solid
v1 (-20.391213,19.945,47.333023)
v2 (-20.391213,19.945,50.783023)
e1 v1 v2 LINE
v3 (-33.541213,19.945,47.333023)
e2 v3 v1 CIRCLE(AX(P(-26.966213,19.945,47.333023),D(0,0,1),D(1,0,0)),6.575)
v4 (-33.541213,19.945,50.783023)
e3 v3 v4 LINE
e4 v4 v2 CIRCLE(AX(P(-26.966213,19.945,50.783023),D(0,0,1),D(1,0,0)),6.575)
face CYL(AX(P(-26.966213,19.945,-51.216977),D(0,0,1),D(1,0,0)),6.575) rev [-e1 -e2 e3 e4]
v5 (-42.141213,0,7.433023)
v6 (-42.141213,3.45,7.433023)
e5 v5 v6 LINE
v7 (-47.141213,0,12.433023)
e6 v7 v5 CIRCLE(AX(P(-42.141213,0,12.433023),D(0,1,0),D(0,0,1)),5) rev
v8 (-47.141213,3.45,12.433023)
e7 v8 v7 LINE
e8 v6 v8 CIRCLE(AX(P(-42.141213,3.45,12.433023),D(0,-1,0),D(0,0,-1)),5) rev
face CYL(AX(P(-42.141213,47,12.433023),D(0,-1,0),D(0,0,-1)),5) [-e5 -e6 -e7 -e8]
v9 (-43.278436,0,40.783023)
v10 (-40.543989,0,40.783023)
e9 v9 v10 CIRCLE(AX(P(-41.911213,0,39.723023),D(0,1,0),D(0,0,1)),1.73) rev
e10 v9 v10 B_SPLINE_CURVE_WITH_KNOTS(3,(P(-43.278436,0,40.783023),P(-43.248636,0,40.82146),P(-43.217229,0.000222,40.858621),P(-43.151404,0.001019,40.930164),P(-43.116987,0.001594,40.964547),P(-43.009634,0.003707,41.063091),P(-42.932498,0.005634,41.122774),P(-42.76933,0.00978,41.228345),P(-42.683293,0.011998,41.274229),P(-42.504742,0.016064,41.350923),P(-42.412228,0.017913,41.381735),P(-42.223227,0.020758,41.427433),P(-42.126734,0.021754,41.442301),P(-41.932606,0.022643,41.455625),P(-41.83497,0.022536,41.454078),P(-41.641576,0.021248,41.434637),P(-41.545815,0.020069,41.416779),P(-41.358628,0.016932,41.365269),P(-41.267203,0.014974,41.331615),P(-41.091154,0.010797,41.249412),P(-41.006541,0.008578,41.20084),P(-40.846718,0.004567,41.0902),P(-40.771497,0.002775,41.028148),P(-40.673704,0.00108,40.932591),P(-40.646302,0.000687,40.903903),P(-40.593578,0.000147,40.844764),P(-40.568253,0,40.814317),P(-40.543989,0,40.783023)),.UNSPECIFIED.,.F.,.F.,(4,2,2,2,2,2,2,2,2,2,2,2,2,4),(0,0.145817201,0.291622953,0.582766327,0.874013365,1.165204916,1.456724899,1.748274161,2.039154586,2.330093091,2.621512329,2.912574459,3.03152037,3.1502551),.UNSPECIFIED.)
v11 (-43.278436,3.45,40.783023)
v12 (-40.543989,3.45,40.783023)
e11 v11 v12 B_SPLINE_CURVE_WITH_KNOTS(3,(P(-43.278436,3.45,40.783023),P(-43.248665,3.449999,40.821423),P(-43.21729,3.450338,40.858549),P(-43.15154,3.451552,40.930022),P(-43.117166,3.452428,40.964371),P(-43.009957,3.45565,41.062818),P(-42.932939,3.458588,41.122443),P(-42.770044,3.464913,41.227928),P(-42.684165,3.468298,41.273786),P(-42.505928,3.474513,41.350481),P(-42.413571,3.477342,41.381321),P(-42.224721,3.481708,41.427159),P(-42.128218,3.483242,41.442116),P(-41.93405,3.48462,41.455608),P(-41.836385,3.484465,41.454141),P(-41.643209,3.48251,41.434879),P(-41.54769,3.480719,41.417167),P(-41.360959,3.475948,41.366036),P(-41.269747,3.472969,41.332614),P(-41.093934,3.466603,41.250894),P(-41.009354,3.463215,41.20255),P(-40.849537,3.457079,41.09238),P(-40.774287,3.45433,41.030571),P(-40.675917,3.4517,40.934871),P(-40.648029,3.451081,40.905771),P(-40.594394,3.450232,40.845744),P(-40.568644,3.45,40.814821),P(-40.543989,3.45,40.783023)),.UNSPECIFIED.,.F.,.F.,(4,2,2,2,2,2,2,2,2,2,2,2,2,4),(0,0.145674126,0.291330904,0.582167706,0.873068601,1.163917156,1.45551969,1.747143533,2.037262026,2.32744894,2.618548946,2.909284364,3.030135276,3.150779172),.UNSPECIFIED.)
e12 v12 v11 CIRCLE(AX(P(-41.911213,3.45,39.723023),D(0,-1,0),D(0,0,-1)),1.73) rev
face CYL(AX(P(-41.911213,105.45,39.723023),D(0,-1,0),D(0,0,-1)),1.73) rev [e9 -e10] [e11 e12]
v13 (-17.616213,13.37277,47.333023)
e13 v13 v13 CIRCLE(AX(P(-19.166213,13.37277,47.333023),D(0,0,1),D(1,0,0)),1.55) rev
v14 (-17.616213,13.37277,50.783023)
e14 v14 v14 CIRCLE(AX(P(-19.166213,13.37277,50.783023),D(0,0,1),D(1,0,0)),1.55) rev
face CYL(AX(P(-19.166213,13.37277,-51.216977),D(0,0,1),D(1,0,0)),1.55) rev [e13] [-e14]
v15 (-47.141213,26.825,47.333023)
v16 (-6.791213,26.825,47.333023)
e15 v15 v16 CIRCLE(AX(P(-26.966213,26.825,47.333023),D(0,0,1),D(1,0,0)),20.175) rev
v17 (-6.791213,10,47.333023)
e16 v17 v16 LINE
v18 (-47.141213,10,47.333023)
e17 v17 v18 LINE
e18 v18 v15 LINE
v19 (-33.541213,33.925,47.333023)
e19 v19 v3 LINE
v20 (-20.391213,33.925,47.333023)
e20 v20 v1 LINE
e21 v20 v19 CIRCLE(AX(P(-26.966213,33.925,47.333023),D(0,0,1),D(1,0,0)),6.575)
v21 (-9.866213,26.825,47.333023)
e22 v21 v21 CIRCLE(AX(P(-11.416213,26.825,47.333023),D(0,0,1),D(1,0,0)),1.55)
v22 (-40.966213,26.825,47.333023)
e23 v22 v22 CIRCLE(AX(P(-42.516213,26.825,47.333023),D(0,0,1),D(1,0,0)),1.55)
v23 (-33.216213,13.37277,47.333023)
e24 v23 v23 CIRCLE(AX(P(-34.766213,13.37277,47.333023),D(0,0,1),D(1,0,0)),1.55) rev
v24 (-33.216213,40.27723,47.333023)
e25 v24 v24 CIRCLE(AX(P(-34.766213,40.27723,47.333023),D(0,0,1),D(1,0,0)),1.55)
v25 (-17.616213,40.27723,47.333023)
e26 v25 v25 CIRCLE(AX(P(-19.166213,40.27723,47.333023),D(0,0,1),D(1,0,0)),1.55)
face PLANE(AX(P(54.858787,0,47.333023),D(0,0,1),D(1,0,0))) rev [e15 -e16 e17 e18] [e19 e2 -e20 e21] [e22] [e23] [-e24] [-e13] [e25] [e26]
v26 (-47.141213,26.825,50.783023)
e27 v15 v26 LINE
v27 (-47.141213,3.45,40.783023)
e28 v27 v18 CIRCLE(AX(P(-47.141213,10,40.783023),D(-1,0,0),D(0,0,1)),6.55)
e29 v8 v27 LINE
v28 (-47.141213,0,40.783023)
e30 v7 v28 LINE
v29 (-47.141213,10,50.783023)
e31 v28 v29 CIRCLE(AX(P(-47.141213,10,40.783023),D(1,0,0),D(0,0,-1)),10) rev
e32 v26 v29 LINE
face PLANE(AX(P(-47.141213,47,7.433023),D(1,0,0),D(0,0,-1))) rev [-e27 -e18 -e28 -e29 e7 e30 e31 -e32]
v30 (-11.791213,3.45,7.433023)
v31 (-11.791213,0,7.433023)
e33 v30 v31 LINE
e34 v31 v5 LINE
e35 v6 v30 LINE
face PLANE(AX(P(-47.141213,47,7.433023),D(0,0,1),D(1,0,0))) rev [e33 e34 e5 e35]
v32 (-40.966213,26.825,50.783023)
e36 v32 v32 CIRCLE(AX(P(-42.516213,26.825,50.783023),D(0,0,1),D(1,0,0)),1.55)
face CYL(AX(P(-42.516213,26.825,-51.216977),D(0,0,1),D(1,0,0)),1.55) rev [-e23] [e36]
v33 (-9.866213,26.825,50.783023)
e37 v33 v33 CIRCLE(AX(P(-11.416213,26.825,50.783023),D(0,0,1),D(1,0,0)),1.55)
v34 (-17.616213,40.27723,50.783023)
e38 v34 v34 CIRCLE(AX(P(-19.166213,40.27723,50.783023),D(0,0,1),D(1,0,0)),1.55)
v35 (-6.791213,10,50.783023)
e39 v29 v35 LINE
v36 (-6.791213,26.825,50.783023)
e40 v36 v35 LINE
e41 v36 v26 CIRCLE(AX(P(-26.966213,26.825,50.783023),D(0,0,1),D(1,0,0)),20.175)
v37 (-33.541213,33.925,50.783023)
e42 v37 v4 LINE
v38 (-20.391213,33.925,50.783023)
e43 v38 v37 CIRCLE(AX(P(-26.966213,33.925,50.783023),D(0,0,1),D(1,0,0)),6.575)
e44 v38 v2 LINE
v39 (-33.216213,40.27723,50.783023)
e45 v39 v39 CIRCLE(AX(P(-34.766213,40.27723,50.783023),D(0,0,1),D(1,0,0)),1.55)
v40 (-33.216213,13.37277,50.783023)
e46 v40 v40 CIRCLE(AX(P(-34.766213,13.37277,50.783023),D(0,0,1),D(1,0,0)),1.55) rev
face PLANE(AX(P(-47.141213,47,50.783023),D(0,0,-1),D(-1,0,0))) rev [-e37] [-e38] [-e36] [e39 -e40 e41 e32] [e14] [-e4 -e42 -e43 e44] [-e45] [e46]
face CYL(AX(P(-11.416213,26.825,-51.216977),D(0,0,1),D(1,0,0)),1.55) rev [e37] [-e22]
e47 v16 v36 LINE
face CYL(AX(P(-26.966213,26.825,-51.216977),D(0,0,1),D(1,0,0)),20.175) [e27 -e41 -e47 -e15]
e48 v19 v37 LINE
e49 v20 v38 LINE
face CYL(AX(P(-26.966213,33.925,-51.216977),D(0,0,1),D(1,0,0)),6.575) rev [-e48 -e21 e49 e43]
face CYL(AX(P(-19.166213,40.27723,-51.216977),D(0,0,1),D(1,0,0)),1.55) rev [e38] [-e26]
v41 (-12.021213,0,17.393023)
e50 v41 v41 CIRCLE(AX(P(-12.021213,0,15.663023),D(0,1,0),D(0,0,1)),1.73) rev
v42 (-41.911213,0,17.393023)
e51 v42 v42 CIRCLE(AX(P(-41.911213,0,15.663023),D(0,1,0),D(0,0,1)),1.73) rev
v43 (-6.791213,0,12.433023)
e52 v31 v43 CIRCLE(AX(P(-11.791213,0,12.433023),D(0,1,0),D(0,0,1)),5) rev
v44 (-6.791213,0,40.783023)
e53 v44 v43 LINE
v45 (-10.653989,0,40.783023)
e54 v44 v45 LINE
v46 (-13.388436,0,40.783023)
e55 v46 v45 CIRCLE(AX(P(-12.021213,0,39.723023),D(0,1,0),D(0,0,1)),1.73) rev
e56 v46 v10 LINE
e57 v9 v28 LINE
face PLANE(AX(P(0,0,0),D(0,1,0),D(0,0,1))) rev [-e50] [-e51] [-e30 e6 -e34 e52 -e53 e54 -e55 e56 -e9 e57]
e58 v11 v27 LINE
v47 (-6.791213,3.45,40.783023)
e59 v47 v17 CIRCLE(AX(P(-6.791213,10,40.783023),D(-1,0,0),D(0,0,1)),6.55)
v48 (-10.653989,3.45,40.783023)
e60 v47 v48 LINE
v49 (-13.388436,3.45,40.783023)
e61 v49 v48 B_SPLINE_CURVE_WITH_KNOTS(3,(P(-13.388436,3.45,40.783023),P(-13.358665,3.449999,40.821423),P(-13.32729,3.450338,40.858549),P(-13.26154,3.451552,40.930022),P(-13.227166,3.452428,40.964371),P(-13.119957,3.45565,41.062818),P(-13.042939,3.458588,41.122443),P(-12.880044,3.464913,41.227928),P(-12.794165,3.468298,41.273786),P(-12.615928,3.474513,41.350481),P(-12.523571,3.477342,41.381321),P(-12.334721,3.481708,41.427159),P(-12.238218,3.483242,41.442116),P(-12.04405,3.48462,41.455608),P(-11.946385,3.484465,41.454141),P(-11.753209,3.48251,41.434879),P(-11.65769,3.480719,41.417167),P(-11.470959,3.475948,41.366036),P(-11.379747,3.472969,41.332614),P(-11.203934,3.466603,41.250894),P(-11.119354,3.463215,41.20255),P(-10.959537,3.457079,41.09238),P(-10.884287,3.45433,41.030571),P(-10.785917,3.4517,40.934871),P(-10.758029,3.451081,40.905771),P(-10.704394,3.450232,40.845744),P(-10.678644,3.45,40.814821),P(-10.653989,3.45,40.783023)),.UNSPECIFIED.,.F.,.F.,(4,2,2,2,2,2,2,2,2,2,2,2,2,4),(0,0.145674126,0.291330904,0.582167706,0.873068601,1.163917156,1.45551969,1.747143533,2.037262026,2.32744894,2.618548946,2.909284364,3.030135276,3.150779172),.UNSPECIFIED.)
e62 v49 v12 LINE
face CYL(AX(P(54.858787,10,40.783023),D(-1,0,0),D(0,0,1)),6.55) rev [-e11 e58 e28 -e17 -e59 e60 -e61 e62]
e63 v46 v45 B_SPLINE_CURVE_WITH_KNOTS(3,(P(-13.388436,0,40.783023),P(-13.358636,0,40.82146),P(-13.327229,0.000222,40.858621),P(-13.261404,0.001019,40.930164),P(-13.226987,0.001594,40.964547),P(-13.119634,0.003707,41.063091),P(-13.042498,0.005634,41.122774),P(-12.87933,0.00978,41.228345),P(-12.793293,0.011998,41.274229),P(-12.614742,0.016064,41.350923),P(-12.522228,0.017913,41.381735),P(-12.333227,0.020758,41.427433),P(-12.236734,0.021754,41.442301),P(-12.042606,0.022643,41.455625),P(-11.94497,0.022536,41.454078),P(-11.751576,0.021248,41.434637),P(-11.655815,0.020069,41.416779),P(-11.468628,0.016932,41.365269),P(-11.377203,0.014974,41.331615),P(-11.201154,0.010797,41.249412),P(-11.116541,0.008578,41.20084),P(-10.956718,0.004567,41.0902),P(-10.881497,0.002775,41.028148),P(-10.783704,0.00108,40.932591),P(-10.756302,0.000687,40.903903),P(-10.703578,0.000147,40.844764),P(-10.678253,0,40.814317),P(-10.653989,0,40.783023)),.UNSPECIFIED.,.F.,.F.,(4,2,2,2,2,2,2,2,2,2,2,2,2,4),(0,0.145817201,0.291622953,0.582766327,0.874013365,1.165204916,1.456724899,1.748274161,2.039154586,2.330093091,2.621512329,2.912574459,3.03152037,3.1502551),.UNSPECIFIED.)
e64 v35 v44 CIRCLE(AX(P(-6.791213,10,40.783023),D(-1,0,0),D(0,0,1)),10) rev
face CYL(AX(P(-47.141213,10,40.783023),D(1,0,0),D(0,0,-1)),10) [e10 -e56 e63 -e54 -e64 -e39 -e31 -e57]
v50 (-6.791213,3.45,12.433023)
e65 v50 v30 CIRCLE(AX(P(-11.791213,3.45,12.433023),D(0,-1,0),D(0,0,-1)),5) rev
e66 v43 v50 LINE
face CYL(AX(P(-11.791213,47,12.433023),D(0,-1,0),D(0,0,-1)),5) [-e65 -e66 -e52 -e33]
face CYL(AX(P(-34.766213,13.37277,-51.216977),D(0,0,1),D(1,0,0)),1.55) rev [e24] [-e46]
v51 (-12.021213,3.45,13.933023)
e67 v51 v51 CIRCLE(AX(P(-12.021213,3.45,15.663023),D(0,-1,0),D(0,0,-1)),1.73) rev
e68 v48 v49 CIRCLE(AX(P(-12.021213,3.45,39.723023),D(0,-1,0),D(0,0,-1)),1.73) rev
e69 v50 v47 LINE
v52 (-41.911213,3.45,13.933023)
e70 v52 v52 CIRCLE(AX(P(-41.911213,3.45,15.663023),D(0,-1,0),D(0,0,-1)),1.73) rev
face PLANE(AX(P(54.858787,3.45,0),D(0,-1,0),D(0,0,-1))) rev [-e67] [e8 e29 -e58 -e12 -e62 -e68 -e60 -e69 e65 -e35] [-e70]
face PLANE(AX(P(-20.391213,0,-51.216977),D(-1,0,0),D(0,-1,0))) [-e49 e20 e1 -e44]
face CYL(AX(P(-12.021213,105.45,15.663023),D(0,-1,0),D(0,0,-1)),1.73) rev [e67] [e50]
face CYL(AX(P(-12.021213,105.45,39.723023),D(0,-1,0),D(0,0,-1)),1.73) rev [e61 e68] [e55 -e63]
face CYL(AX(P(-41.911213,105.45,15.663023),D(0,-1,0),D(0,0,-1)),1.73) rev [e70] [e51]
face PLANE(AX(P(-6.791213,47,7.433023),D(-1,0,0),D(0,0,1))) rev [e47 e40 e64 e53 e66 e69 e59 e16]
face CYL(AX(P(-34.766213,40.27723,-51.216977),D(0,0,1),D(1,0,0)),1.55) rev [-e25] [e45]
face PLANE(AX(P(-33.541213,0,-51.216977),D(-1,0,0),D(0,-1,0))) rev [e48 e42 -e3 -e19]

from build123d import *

# Parameters (mm, degrees)
SKETCH1_W               = 40.35
SKETCH1_H               = 43.35
BOSS_EXTRUDE1_DEPTH     = 47
CUT_EXTRUDE2_DEPTH      = 102
FILLET1_R               = 10
CUT_EXTRUDE3_DEPTH      = 102
FILLET2_R               = 5
CUT_EXTRUDE4_DEPTH      = 102
CUT_EXTRUDE4_DEPTH_BACK = 102
SKETCH6_R               = 1.73
CUT_EXTRUDE5_DEPTH      = 102
SKETCH8_R               = 1.55
CUT_EXTRUDE6_DEPTH      = 102


with BuildPart() as part:
    # Sketch1 → Boss-Extrude1 (new body)
    with BuildSketch(Plane(origin=(0, 0, 0), x_dir=(1, 0, 0), z_dir=(0, 1, 0))):
        with Locations((-26.966212793, -29.108023223)):
            Rectangle(SKETCH1_W, SKETCH1_H)
    extrude(amount=BOSS_EXTRUDE1_DEPTH)

    # Sketch3 → Cut-Extrude2 (cut)
    with BuildSketch(Plane.XY.offset(50.783023223)):
        with BuildLine():
            Line((-6.791212793, 47), (-26.966212793, 47))
            ThreePointArc((-26.966212793, 47), (-12.700333482, 41.09087931), (-6.791212793, 26.825))
            Line((-6.791212793, 26.825), (-6.791212793, 47))
        make_face()
        with BuildLine():
            Line((-47.141212793, 47), (-47.141212793, 26.825))
            ThreePointArc((-47.141212793, 26.825), (-41.232092103, 41.09087931), (-26.966212793, 47))
            Line((-26.966212793, 47), (-47.141212793, 47))
        make_face()
    extrude(amount=-CUT_EXTRUDE2_DEPTH, mode=Mode.SUBTRACT)

    # Fillet1
    fillet1_edges = [part.edges().sort_by_distance(p)[0] for p in [
        (-26.966212793, 0, 50.783023223),
    ]]
    fillet(fillet1_edges, radius=FILLET1_R)

    # Sketch5 → Cut-Extrude3 (cut)
    with BuildSketch(Plane.ZY.offset(47.141212793)):
        with BuildLine():
            Line((47.333023223, 59.778436909), (-6.665763497, 59.778436909))
            Line((-6.665763497, 59.778436909), (-6.665763497, 3.45))
            Line((-6.665763497, 3.45), (40.783023223, 3.45))
            ThreePointArc((40.783023223, 3.45), (45.41457264, 5.368450583), (47.333023223, 10))
            Line((47.333023223, 10), (47.333023223, 59.778436909))
        make_face()
    extrude(amount=-CUT_EXTRUDE3_DEPTH, mode=Mode.SUBTRACT)

    # Fillet2
    fillet2_edges = [part.edges().sort_by_distance(p)[0] for p in [
        (-6.791212793, 1.725, 7.433023223),
        (-47.141212793, 1.725, 7.433023223),
    ]]
    fillet(fillet2_edges, radius=FILLET2_R)

    # Sketch6 → Cut-Extrude4 (cut, two sides: drawn at the far end of the back side and taken through both)
    with BuildSketch(Plane(origin=(0, 3.45, 0), x_dir=(1, 0, 0), z_dir=(0, 1, 0)).offset(-CUT_EXTRUDE4_DEPTH_BACK)):
        with Locations((-41.911212793, -15.663023223)):
            Circle(SKETCH6_R)
        with Locations((-41.911212793, -39.723023223)):
            Circle(SKETCH6_R)
        with Locations((-12.021212793, -15.663023223)):
            Circle(SKETCH6_R)
        with Locations((-12.021212793, -39.723023223)):
            Circle(SKETCH6_R)
    extrude(amount=CUT_EXTRUDE4_DEPTH + CUT_EXTRUDE4_DEPTH_BACK, mode=Mode.SUBTRACT)

    # Sketch7 → Cut-Extrude5 (cut)
    with BuildSketch(Plane.XY.offset(50.783023223)):
        with BuildLine():
            ThreePointArc((-26.966212793, 40.5), (-31.615439879, 38.574227086), (-33.541212793, 33.925))
            Line((-33.541212793, 33.925), (-33.541212793, 21.982917389))
            Line((-33.541212793, 21.982917389), (-33.541212793, 19.945))
            ThreePointArc((-33.541212793, 19.945), (-26.966212793, 13.37), (-20.391212793, 19.945))
            Line((-20.391212793, 19.945), (-20.391212793, 20.41689663))
            Line((-20.391212793, 20.41689663), (-20.391212793, 33.925))
            ThreePointArc((-20.391212793, 33.925), (-22.316985706, 38.574227086), (-26.966212793, 40.5))
        make_face()
    extrude(amount=-CUT_EXTRUDE5_DEPTH, mode=Mode.SUBTRACT)

    # Sketch8 → Cut-Extrude6 (cut)
    with BuildSketch(Plane.XY.offset(50.783023223)):
        with Locations((-42.516212793, 26.825)):
            Circle(SKETCH8_R)
        with Locations((-34.766212793, 40.277230298)):
            Circle(SKETCH8_R)
        with Locations((-34.766212793, 13.372769702)):
            Circle(SKETCH8_R)
        with Locations((-19.166212793, 13.372769702)):
            Circle(SKETCH8_R)
        with Locations((-11.416212793, 26.825)):
            Circle(SKETCH8_R)
        with Locations((-19.166212793, 40.277230298)):
            Circle(SKETCH8_R)
    extrude(amount=-CUT_EXTRUDE6_DEPTH, mode=Mode.SUBTRACT)


solid = part.part
